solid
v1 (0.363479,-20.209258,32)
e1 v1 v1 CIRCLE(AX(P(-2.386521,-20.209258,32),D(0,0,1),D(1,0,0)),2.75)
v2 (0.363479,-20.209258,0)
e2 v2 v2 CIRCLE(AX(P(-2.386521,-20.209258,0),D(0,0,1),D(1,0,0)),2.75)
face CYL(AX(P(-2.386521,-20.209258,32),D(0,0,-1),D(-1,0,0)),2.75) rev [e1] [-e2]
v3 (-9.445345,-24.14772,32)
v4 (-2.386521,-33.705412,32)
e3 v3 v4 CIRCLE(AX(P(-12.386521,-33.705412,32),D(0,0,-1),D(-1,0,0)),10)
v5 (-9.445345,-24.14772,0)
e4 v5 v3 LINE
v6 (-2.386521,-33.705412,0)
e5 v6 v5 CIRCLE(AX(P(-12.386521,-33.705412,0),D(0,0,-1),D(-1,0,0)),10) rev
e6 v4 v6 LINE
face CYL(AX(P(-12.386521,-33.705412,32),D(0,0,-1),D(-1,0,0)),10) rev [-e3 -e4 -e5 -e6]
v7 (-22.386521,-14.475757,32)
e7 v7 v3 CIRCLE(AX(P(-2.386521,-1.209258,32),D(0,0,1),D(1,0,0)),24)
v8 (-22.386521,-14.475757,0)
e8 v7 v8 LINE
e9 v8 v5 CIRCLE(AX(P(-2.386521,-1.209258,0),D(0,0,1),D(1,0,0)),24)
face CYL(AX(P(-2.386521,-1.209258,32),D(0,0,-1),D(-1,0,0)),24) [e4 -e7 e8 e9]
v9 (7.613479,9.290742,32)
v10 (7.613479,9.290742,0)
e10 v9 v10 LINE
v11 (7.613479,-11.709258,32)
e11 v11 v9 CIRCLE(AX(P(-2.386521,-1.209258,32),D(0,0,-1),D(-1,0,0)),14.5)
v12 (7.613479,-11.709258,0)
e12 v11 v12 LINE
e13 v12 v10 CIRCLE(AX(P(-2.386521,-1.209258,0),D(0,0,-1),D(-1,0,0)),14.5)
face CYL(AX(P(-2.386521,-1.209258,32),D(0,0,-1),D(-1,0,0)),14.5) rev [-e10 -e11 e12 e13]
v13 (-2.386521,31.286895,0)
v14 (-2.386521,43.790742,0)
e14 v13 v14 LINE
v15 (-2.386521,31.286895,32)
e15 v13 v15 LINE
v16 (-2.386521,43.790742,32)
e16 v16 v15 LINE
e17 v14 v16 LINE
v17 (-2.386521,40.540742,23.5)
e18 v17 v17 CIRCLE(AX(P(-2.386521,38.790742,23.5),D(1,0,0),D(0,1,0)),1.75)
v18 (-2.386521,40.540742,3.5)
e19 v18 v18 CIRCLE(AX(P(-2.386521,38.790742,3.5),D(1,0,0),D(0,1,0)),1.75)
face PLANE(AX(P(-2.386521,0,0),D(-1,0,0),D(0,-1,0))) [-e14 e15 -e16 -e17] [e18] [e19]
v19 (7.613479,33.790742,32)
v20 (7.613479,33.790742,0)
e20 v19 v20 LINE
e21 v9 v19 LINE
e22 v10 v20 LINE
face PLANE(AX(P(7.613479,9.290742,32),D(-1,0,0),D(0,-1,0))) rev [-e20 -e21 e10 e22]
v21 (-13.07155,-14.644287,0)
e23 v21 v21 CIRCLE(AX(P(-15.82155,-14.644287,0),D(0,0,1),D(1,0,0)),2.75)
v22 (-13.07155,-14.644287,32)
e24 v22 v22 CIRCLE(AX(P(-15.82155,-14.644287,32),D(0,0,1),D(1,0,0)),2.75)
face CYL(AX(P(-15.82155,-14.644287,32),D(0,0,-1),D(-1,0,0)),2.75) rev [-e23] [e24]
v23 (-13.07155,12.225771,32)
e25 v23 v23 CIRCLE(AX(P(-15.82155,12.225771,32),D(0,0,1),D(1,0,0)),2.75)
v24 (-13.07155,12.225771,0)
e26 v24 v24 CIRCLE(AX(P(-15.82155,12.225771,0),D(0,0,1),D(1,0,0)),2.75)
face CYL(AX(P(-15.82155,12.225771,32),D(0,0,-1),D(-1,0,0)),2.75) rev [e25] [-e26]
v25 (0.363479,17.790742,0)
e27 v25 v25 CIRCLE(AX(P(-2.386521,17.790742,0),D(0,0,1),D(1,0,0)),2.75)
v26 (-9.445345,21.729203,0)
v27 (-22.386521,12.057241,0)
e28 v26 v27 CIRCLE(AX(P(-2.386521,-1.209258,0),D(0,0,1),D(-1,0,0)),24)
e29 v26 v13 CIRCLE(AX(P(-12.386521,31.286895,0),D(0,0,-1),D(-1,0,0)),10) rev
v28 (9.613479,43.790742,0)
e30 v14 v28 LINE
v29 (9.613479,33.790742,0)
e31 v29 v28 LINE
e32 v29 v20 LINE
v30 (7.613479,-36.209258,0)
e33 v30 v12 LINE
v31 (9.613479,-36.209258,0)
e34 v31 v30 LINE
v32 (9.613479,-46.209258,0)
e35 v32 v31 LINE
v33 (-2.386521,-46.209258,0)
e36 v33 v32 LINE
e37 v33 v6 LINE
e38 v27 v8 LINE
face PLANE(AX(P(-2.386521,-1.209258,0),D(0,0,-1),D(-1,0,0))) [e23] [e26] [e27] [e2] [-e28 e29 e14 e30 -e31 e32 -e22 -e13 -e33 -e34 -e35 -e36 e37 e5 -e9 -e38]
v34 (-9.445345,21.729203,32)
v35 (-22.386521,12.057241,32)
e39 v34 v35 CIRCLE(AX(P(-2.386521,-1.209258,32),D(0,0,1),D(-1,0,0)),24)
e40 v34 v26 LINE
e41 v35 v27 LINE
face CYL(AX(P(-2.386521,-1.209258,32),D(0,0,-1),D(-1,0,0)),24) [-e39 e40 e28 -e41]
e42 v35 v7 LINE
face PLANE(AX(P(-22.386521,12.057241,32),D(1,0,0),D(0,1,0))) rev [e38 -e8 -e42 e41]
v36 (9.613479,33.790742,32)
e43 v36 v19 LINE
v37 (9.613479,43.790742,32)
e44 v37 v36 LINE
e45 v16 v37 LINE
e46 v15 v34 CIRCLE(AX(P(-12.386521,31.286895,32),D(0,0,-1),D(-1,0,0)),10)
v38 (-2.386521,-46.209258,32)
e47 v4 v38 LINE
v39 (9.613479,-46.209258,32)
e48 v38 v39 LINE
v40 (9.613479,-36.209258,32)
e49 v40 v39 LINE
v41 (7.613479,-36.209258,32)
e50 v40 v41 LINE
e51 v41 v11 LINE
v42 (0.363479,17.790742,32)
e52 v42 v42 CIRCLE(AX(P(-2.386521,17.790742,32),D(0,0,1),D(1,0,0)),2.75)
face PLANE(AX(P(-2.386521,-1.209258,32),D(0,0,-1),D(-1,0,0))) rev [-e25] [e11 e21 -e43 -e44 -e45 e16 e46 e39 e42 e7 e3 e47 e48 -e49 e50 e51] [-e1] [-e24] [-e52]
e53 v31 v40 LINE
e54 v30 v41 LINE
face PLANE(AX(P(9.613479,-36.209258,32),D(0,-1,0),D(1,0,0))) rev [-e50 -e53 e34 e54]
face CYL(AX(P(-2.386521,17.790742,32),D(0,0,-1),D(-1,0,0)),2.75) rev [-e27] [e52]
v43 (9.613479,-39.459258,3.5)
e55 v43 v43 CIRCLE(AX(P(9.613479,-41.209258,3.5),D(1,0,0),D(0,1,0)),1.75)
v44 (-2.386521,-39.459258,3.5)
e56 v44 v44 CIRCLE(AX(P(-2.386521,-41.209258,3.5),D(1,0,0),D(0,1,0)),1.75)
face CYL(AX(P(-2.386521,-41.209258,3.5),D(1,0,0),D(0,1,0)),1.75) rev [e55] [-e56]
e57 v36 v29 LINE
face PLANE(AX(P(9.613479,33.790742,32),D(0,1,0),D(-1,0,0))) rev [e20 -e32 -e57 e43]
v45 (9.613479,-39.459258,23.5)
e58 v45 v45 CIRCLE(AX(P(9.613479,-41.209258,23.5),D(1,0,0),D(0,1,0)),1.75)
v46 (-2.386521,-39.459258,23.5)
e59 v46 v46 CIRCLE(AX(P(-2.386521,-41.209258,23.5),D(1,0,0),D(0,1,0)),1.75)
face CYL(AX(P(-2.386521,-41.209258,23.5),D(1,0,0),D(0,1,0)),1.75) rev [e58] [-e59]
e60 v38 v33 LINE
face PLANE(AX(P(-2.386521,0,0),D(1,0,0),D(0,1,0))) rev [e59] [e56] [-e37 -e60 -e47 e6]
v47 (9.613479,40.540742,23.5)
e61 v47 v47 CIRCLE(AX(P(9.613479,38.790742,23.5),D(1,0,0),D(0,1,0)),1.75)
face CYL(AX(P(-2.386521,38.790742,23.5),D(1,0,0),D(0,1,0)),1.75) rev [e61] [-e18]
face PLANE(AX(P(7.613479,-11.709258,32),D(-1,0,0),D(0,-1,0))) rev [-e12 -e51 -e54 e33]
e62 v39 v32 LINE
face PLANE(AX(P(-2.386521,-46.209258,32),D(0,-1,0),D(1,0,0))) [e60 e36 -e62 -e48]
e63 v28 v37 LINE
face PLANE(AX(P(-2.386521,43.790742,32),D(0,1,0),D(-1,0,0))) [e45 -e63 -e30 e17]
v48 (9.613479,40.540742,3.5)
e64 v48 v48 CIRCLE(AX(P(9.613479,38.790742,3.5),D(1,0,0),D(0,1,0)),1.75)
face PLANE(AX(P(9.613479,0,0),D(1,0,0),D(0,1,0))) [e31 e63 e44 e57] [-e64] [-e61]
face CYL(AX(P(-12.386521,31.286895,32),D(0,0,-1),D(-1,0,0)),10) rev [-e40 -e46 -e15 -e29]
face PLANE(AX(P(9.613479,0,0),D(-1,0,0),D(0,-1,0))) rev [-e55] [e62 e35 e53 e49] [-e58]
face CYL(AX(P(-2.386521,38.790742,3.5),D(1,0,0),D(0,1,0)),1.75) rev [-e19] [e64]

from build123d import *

# Parameters (mm, degrees)
ESQUISSE2_R        = 2.75
BOSS_EXTRU_1_DEPTH = 32
ESQUISSE3_W        = 32
ESQUISSE3_H        = 21
ESQUISSE3_R        = 1.75
BOSS_EXTRU_2_DEPTH = 10
BOSS_EXTRU_3_START = 2
ESQUISSE4_W        = 32
ESQUISSE4_H        = 10
ESQUISSE4_R        = 1.75
BOSS_EXTRU_3_DEPTH = 2
CONG_1_R           = 10


with BuildPart() as part:
    # Esquisse2 → Boss.-Extru.1 (new body)
    with BuildSketch(Plane.XY):
        with BuildLine():
            Line((-22.386521132, 12.057241029), (-22.386521132, -14.475757294))
            ThreePointArc((-22.386521132, -14.475757294), (-13.735618456, -22.356314427), (-2.386521132, -25.209258133))
            Line((-2.386521132, -25.209258133), (7.613478868, -25.209258133))
            Line((7.613478868, -25.209258133), (7.613478868, -11.709258133))
            ThreePointArc((7.613478868, -11.709258133), (-16.886521132, -1.209258133), (7.613478868, 9.290741867))
            Line((7.613478868, 9.290741867), (7.613478868, 22.790741867))
            Line((7.613478868, 22.790741867), (-2.386521132, 22.790741867))
            ThreePointArc((-2.386521132, 22.790741867), (-13.735618456, 19.937798162), (-22.386521132, 12.057241029))
        make_face()
        with Locations((-2.386521132, 17.790741867)):
            Circle(ESQUISSE2_R, mode=Mode.SUBTRACT)
        with Locations((-15.821549975, 12.22577071)):
            Circle(ESQUISSE2_R, mode=Mode.SUBTRACT)
        with Locations((-2.386521132, -20.209258133)):
            Circle(ESQUISSE2_R, mode=Mode.SUBTRACT)
        with Locations((-15.821549975, -14.644286975)):
            Circle(ESQUISSE2_R, mode=Mode.SUBTRACT)
    extrude(amount=BOSS_EXTRU_1_DEPTH)

    # Esquisse3 → Boss.-Extru.2 (add)
    # profile 1 of 2: a face of its own
    with BuildSketch(Plane(origin=(7.613478868, 0, 0), x_dir=(0, 0, -1), z_dir=(1, 0, 0))):
        with Locations((-16, 33.290741867)):
            Rectangle(ESQUISSE3_W, ESQUISSE3_H)
        with Locations(Location((-23.5, 38.790741867, 0), (0, 0, 90))):
            Circle(ESQUISSE3_R, mode=Mode.SUBTRACT)
        with Locations(Location((-3.5, 38.790741867, 0), (0, 0, 90))):
            Circle(ESQUISSE3_R, mode=Mode.SUBTRACT)
    # profile 2 of 2: a face of its own
    with BuildSketch(Plane(origin=(7.613478868, 0, 0), x_dir=(0, 0, -1), z_dir=(1, 0, 0))):
        with Locations((-16, -35.709258133)):
            Rectangle(ESQUISSE3_W, ESQUISSE3_H)
        with Locations(Location((-23.5, -41.209258133, 0), (0, 0, 90))):
            Circle(ESQUISSE3_R, mode=Mode.SUBTRACT)
        with Locations(Location((-3.5, -41.209258133, 0), (0, 0, 90))):
            Circle(ESQUISSE3_R, mode=Mode.SUBTRACT)
    extrude(amount=-BOSS_EXTRU_2_DEPTH)

    # Esquisse4 → Boss.-Extru.3 (add)
    # profile 1 of 2: a face of its own
    with BuildSketch(Plane(origin=(7.613478868, 0, 0), x_dir=(0, 0, -1), z_dir=(1, 0, 0)).offset(BOSS_EXTRU_3_START)):
        with Locations((-16, 38.790741867)):
            Rectangle(ESQUISSE4_W, ESQUISSE4_H)
        with Locations(Location((-3.5, 38.790741867, 0), (0, 0, 90))):
            Circle(ESQUISSE4_R, mode=Mode.SUBTRACT)
        with Locations(Location((-23.5, 38.790741867, 0), (0, 0, 90))):
            Circle(ESQUISSE4_R, mode=Mode.SUBTRACT)
    # profile 2 of 2: a face of its own
    with BuildSketch(Plane(origin=(7.613478868, 0, 0), x_dir=(0, 0, -1), z_dir=(1, 0, 0)).offset(BOSS_EXTRU_3_START)):
        with Locations((-16, -41.209258133)):
            Rectangle(ESQUISSE4_W, ESQUISSE4_H)
        with Locations(Location((-3.5, -41.209258133, 0), (0, 0, 90))):
            Circle(ESQUISSE4_R, mode=Mode.SUBTRACT)
        with Locations(Location((-23.5, -41.209258133, 0), (0, 0, 90))):
            Circle(ESQUISSE4_R, mode=Mode.SUBTRACT)
    extrude(amount=-BOSS_EXTRU_3_DEPTH)

    # Congé1
    cong_1_edges = [part.edges().sort_by_distance(p)[0] for p in [
        (-2.386521132, 22.790741867, 16),
        (-2.386521132, -25.209258133, 16),
    ]]
    fillet(cong_1_edges, radius=CONG_1_R)


solid = part.part
